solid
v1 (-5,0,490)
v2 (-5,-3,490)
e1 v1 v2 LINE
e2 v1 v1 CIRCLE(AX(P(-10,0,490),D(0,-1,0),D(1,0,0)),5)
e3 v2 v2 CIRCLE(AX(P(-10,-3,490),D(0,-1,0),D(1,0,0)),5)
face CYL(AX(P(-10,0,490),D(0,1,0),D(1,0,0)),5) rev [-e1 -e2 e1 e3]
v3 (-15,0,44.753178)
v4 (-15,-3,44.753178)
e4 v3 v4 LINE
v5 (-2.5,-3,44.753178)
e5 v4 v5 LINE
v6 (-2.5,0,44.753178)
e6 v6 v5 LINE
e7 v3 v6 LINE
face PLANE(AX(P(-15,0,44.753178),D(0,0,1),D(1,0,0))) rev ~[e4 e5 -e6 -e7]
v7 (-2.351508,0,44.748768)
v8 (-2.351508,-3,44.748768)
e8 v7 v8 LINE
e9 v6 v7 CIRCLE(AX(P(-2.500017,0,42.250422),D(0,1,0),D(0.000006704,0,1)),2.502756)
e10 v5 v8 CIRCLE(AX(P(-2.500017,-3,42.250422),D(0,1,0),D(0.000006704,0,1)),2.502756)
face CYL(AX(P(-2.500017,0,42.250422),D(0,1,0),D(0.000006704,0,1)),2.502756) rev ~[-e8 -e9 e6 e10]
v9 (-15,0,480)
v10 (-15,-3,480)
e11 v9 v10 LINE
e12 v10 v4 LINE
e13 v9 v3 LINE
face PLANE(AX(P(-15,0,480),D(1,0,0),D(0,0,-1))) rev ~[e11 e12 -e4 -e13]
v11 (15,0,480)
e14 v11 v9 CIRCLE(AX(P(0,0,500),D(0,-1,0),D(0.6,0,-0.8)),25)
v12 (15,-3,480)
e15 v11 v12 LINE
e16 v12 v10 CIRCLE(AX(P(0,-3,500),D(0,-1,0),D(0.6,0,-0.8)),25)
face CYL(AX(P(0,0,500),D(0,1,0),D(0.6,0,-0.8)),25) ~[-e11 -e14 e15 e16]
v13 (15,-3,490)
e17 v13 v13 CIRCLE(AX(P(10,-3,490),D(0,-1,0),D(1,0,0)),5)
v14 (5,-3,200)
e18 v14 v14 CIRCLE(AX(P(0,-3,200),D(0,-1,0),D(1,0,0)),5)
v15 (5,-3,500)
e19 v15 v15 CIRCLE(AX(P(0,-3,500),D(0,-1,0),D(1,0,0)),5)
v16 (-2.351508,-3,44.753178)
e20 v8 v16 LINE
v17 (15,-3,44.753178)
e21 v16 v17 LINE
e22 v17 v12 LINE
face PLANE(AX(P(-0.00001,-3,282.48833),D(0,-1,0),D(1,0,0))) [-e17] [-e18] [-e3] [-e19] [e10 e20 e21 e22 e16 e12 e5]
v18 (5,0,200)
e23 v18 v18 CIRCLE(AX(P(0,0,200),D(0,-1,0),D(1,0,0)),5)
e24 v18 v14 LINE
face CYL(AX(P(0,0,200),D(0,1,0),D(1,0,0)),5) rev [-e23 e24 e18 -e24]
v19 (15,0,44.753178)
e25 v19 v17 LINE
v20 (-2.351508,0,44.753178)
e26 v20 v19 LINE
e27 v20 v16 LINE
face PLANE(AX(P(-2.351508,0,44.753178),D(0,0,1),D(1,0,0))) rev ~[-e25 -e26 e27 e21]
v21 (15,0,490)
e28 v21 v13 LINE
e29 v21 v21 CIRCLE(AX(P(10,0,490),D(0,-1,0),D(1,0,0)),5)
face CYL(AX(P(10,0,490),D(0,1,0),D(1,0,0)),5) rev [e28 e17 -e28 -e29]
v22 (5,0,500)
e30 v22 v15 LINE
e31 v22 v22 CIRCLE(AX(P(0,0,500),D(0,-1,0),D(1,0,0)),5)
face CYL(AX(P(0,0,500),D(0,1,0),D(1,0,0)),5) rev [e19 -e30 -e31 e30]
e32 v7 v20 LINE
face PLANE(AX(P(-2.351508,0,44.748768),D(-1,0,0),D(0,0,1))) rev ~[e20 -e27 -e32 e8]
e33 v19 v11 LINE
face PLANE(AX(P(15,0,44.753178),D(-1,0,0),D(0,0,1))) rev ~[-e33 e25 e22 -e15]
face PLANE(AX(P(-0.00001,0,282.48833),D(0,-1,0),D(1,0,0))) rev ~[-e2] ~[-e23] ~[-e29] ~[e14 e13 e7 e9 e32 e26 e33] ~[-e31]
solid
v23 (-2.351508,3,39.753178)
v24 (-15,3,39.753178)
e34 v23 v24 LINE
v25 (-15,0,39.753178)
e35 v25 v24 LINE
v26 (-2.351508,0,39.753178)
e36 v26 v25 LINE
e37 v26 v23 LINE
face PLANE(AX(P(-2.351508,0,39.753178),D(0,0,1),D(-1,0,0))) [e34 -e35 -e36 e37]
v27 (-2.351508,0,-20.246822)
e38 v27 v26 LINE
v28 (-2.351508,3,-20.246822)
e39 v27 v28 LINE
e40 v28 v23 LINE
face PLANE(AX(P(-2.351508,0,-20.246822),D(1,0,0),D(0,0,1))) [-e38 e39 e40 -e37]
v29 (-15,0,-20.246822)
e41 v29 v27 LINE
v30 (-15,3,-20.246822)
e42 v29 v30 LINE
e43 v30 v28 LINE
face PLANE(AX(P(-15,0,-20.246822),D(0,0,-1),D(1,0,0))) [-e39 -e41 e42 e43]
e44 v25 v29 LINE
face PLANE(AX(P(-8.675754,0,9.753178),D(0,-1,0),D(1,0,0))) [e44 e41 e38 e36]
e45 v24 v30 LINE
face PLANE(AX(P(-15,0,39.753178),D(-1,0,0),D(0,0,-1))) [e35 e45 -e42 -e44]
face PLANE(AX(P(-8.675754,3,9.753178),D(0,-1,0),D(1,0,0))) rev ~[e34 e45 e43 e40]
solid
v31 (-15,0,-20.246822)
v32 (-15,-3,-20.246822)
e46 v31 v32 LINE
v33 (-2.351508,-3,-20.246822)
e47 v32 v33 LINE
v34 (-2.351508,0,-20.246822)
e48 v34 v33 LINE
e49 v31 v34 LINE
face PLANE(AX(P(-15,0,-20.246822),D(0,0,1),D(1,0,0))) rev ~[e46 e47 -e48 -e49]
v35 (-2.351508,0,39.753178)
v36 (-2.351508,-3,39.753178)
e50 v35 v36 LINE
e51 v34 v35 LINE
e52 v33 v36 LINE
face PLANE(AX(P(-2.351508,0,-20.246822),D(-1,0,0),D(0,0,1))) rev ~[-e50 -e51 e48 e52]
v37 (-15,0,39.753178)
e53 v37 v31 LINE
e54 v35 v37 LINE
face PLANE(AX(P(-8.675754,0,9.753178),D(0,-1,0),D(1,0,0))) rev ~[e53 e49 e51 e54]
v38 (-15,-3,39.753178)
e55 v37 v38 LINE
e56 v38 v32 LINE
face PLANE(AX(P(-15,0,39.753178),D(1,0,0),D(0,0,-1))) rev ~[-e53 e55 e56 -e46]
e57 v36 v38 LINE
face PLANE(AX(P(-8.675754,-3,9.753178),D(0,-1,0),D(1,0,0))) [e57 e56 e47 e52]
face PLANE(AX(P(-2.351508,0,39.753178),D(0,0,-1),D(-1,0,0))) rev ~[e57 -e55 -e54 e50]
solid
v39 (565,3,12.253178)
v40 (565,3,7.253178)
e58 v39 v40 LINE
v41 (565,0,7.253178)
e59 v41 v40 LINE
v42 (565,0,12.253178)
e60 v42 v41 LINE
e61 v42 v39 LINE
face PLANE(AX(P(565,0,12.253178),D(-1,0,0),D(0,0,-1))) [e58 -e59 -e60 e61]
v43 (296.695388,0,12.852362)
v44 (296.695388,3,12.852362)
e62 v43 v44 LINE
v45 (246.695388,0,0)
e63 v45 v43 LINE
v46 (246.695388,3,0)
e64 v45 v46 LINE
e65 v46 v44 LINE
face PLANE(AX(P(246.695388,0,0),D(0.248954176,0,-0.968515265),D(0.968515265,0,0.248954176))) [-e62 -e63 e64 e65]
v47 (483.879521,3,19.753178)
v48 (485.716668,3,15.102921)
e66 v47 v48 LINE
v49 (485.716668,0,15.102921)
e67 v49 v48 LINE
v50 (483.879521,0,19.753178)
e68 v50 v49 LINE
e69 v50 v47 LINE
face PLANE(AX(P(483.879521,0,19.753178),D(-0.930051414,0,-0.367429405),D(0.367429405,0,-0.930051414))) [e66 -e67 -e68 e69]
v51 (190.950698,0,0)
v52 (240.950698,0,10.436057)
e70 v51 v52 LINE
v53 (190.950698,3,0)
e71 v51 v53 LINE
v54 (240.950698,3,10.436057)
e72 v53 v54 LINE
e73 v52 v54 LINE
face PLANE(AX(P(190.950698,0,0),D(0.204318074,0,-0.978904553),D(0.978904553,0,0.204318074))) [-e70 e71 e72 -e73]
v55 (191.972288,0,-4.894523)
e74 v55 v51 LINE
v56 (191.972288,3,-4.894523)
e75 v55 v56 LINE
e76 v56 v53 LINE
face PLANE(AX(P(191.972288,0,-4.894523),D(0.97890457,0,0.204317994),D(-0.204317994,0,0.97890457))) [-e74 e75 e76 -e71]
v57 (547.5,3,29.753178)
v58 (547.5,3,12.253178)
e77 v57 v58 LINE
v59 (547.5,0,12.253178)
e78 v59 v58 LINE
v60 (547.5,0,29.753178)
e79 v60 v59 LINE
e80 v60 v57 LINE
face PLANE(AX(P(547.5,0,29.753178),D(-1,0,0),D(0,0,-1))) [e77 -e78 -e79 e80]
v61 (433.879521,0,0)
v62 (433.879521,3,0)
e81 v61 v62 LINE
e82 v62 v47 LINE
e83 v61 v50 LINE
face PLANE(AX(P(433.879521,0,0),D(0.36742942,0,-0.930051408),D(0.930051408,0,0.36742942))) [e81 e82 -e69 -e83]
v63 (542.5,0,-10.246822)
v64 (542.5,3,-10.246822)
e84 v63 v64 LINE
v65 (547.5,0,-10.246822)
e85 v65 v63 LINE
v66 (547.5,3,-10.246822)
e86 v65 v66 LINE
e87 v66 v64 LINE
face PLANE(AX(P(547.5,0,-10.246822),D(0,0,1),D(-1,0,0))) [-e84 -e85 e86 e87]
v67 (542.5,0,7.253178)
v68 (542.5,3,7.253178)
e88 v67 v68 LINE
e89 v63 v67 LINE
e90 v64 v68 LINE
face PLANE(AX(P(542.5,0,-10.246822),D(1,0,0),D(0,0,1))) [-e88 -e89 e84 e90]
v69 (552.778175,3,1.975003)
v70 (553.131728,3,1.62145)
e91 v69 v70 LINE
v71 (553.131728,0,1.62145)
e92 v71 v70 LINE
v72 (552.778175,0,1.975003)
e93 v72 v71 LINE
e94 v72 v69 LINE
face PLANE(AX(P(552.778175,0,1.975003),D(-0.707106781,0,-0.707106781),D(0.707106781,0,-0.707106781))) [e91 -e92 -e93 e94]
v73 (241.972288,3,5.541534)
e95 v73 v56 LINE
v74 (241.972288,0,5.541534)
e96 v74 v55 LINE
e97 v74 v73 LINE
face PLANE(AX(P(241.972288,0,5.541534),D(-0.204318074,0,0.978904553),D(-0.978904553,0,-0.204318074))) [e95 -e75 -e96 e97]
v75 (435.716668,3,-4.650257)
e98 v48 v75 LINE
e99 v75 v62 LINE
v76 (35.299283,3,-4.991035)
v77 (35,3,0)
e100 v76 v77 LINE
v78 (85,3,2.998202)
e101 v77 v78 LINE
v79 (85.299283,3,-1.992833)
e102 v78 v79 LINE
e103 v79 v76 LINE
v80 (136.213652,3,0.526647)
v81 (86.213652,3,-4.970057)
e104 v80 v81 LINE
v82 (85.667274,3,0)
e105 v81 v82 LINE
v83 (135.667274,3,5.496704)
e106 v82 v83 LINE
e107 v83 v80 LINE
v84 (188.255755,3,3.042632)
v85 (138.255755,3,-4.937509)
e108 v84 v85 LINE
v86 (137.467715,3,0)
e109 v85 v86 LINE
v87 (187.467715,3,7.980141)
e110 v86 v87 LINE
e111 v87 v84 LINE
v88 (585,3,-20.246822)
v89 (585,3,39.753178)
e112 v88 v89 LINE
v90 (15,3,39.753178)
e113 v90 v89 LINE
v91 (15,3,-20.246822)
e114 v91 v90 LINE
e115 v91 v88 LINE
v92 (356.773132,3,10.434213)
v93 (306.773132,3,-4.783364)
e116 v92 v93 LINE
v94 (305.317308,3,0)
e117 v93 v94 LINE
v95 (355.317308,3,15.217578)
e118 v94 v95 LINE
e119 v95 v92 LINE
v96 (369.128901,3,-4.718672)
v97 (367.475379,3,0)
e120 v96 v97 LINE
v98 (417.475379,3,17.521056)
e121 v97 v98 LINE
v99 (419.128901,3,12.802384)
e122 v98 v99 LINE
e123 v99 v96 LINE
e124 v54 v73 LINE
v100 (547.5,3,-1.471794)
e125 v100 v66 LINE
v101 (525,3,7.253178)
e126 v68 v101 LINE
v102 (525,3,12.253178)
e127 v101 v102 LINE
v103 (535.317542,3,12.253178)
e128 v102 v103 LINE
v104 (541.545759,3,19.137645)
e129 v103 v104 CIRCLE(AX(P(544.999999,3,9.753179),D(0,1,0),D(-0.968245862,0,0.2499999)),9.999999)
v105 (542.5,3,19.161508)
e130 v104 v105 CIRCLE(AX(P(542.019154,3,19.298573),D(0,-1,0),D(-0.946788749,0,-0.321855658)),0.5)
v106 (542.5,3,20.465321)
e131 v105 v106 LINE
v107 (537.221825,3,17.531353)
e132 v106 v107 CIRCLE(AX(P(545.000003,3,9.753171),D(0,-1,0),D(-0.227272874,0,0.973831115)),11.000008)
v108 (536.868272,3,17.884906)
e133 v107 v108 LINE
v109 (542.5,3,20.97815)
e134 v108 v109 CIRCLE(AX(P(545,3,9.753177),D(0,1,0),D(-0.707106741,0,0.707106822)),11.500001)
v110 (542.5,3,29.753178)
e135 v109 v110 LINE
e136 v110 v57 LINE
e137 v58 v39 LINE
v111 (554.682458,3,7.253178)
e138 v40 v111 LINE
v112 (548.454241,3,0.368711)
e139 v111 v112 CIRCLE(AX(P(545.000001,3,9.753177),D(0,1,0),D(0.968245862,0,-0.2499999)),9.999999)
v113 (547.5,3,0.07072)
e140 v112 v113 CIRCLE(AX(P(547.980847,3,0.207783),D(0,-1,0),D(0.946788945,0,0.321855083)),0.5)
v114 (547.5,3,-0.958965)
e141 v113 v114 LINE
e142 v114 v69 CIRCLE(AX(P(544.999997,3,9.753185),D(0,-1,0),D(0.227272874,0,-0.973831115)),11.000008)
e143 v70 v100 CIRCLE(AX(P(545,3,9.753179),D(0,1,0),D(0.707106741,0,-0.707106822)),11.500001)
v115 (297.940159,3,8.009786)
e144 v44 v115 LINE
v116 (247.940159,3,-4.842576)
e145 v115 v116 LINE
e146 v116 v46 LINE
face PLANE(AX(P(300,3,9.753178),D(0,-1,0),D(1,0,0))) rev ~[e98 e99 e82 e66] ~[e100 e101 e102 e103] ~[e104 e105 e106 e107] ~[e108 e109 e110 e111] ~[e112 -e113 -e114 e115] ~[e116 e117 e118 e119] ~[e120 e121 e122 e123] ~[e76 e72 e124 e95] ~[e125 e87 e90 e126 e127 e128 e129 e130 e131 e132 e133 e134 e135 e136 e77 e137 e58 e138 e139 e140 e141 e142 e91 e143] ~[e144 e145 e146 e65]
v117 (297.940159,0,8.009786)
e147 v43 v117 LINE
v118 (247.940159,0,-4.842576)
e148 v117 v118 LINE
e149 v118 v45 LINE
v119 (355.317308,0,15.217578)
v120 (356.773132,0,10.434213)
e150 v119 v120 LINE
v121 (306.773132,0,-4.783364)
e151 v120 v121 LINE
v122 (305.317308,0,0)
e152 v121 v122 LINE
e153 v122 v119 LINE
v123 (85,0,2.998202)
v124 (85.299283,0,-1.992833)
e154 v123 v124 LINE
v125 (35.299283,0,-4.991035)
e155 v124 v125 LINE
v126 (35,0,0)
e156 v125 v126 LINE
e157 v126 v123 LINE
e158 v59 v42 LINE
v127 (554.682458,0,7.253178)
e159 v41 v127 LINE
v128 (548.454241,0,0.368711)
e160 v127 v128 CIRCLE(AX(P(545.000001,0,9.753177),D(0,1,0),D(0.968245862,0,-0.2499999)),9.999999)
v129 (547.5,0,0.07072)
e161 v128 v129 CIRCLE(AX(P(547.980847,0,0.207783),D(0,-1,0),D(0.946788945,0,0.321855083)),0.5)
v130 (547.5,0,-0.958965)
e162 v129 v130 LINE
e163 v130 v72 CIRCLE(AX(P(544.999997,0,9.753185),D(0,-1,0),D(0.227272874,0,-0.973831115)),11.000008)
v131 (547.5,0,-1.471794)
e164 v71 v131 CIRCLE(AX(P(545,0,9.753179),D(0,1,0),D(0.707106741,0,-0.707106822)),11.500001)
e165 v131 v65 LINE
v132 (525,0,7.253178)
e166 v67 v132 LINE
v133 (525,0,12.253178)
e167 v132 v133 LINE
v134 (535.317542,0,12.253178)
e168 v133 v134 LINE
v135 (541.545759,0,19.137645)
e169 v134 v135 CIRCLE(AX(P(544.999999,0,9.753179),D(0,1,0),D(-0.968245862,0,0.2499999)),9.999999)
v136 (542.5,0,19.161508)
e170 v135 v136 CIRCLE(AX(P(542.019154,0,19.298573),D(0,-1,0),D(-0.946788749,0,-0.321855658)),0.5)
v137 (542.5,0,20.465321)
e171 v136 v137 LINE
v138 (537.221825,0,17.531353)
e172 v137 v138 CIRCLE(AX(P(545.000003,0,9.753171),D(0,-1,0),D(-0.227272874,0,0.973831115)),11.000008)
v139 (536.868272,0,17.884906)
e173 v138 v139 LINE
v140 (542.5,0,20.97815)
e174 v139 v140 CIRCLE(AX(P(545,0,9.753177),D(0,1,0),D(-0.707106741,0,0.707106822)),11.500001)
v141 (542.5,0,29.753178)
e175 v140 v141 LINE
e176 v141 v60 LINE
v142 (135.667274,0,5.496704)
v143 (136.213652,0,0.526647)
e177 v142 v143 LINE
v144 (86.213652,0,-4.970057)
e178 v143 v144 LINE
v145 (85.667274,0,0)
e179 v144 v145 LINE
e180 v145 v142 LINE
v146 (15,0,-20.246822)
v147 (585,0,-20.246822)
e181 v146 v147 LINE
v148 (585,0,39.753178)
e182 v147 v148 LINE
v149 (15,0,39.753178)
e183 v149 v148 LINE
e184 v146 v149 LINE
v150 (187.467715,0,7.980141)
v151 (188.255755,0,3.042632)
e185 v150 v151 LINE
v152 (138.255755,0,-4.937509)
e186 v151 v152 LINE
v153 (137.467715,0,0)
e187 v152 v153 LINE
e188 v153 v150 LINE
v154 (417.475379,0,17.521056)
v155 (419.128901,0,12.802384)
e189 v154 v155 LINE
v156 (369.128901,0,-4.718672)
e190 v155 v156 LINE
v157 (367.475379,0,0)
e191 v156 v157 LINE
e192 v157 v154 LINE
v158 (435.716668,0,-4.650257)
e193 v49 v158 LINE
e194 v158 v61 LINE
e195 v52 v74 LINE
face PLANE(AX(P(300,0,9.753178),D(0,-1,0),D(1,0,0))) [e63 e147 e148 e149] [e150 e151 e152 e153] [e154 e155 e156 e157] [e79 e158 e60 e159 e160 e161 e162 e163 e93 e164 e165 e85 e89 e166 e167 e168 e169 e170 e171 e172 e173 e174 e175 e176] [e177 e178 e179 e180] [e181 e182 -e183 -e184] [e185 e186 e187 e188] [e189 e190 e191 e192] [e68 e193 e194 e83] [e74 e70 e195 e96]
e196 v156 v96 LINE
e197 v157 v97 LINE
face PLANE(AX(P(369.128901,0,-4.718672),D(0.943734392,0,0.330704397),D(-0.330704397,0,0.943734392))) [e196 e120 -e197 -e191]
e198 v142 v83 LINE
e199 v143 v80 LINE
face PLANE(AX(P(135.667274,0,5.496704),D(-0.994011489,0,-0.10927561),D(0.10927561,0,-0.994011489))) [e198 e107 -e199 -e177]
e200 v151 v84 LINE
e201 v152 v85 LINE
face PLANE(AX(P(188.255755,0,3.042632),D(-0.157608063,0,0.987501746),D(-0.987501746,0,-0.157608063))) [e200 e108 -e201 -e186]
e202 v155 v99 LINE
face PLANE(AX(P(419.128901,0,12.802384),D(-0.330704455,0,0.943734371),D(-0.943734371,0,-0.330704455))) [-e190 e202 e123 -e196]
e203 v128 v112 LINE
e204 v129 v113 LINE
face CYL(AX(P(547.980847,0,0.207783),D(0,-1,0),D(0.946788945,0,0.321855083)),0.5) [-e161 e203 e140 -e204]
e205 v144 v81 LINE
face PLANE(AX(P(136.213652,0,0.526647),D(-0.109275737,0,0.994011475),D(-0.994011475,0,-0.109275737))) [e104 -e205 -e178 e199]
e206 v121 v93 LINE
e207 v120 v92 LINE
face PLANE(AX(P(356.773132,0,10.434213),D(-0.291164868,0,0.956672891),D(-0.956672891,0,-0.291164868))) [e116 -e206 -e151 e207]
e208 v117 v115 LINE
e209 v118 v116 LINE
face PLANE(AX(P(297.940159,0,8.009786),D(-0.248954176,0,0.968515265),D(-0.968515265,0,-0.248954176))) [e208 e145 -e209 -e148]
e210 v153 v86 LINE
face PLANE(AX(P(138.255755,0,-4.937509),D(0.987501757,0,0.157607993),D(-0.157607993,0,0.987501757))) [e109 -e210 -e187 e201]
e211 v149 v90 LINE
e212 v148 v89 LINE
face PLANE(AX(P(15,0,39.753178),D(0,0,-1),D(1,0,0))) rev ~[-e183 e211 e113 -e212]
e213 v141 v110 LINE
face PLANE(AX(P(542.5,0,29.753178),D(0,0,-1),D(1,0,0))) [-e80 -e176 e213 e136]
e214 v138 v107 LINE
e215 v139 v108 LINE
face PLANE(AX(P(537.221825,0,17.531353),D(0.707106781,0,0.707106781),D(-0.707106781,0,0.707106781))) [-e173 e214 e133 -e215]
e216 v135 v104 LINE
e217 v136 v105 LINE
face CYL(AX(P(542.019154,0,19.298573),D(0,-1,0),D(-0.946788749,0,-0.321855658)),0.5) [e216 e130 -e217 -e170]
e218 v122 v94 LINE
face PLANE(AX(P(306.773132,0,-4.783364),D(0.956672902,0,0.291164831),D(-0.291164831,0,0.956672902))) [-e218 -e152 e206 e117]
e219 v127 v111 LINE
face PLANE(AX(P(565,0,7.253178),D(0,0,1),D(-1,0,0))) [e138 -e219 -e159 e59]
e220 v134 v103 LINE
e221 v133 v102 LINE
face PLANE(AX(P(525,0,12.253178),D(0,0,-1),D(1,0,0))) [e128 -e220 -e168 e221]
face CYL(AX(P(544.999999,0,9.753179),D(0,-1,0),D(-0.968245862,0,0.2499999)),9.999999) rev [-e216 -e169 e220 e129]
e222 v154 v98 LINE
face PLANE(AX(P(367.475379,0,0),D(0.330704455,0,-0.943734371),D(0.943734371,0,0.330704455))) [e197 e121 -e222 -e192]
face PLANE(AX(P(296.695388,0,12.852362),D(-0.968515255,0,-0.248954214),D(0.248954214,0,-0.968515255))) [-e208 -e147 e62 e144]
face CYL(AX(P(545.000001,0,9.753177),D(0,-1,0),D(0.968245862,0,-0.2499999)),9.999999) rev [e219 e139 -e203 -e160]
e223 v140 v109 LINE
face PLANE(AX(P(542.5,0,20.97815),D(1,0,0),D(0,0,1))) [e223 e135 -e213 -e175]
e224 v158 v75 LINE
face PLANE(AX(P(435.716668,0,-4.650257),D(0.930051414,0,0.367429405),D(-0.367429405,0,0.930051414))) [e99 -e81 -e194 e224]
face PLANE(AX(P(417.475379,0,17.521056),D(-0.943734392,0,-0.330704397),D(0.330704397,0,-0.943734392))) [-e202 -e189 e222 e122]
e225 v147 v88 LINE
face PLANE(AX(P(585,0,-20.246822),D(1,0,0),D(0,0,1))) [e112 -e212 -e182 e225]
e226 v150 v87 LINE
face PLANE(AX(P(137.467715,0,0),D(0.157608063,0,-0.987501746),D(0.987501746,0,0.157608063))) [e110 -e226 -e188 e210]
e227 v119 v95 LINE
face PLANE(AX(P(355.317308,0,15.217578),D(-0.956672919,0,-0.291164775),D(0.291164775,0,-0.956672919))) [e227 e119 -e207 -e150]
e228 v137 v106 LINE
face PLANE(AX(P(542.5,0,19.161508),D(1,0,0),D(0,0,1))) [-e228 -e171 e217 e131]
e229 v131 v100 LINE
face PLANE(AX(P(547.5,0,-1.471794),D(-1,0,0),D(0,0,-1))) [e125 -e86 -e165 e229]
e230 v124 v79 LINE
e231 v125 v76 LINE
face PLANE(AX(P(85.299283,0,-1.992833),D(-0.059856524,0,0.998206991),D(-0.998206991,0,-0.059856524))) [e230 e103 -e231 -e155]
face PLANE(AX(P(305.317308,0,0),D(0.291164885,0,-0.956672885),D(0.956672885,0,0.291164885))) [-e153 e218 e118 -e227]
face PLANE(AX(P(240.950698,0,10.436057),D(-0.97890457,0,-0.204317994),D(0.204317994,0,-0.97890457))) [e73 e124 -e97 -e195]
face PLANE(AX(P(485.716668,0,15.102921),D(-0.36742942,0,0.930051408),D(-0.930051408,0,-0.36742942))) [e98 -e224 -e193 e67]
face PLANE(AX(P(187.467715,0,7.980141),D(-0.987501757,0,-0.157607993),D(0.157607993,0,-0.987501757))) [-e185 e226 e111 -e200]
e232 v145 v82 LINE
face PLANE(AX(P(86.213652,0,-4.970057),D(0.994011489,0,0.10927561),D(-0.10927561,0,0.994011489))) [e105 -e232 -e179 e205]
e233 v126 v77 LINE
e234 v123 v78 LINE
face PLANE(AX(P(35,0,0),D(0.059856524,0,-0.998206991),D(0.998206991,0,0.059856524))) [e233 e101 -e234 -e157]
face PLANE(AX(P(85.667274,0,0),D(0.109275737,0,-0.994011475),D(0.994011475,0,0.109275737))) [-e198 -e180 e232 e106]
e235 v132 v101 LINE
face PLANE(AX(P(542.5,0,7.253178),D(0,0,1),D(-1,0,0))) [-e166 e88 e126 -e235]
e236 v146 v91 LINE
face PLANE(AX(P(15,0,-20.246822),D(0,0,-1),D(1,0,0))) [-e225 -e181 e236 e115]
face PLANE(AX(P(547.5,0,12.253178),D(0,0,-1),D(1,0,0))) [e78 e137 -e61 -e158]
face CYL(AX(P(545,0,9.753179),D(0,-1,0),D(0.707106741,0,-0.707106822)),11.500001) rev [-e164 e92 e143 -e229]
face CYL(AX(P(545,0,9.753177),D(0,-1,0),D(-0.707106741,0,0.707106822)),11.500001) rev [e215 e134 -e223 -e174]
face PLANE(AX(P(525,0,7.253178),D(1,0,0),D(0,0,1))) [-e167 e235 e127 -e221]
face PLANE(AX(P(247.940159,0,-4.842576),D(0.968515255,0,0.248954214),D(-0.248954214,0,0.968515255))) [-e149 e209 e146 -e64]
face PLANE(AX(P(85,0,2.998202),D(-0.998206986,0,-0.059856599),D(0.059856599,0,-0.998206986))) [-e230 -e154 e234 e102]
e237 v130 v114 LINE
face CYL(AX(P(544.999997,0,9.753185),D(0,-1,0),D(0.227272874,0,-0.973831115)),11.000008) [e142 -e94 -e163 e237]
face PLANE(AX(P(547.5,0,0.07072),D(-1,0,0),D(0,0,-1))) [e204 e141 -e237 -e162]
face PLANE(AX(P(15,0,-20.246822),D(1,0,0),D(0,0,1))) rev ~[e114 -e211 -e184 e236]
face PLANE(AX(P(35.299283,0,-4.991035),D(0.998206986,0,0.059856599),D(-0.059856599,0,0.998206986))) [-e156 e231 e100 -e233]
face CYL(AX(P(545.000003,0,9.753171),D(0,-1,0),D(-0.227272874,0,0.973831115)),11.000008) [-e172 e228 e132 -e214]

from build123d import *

# Parameters (mm, degrees)
F0_R     = 5
F1_DEPTH = 3
F0_W     = 570
F0_H     = 60
F2_DEPTH = 3


with BuildPart() as f1:
    # F0 (on Front) → F1 (new body)
    with BuildSketch(Plane.XZ):
        Polygon((-15, 39.753178), (-15, -20.246822), (-2.351508, -20.246822), (-2.351508, 9.753178), (-2.351508, 39.753178), align=None)
        with BuildLine():
            Line((-15, 480), (-15, 44.753178))
            Line((-15, 44.753178), (-2.5, 44.753178))
            ThreePointArc((-2.5, 44.753178), (-2.425721, 44.752075), (-2.351508, 44.748768))
            Line((-2.351508, 44.748768), (-2.351508, 44.753178))
            Line((-2.351508, 44.753178), (2.5, 44.753178))
            Line((2.5, 44.753178), (15, 44.753178))
            Line((15, 44.753178), (15, 480))
            ThreePointArc((15, 480), (0, 525), (-15, 480))
        make_face()
        with Locations((0, 200)):
            Circle(F0_R, mode=Mode.SUBTRACT)
        with Locations((-10, 490)):
            Circle(F0_R, mode=Mode.SUBTRACT)
        with Locations((10, 490)):
            Circle(F0_R, mode=Mode.SUBTRACT)
        with Locations((0, 500)):
            Circle(F0_R, mode=Mode.SUBTRACT)
    extrude(amount=F1_DEPTH)


with BuildPart() as f2:
    # F0 (on Front) → F2 (new body)
    with BuildSketch(Plane.XZ):
        with Locations((300, 9.753178)):
            Rectangle(F0_W, F0_H)
        Polygon((35.299283, -4.991035), (35, 0), (85, 2.998202), (85.299283, -1.992833), align=None, mode=Mode.SUBTRACT)
        Polygon((86.213652, -4.970057), (85.667274, 0), (135.667274, 5.496704), (136.213652, 0.526647), align=None, mode=Mode.SUBTRACT)
        Polygon((138.255755, -4.937509), (137.467715, 0), (187.467715, 7.980141), (188.255755, 3.042632), align=None, mode=Mode.SUBTRACT)
        Polygon((191.972288, -4.894523), (190.950698, 0), (240.950698, 10.436057), (241.972288, 5.541534), align=None, mode=Mode.SUBTRACT)
        Polygon((247.940159, -4.842576), (246.695388, 0), (296.695388, 12.852362), (297.940159, 8.009786), align=None, mode=Mode.SUBTRACT)
        Polygon((306.773132, -4.783364), (305.317308, 0), (355.317308, 15.217578), (356.773132, 10.434213), align=None, mode=Mode.SUBTRACT)
        Polygon((369.128901, -4.718672), (367.475379, 0), (417.475379, 17.521056), (419.128901, 12.802384), align=None, mode=Mode.SUBTRACT)
        Polygon((435.716668, -4.650257), (433.879521, 0), (483.879521, 19.753178), (485.716668, 15.102921), align=None, mode=Mode.SUBTRACT)
        with BuildLine():
            Line((547.5, 12.253178), (565, 12.253178))
            Line((565, 12.253178), (565, 7.253178))
            Line((565, 7.253178), (554.682458, 7.253178))
            ThreePointArc((554.682458, 7.253178), (552.415672, 3.044392), (548.454241, 0.368711))
            ThreePointArc((548.454241, 0.368711), (547.831804, 0.685053), (547.5, 0.07072))
            Line((547.5, 0.07072), (547.5, -0.958965))
            ThreePointArc((547.5, -0.958965), (550.344367, 0.138723), (552.778175, 1.975003))
            Line((552.778175, 1.975003), (553.131728, 1.62145))
            ThreePointArc((553.131728, 1.62145), (550.536285, -0.326482), (547.5, -1.471794))
            Line((547.5, -1.471794), (547.5, -10.246822))
            Line((547.5, -10.246822), (542.5, -10.246822))
            Line((542.5, -10.246822), (542.5, 7.253178))
            Line((542.5, 7.253178), (525, 7.253178))
            Line((525, 7.253178), (525, 12.253178))
            Line((525, 12.253178), (535.317542, 12.253178))
            ThreePointArc((535.317542, 12.253178), (537.584328, 16.461964), (541.545759, 19.137645))
            ThreePointArc((541.545759, 19.137645), (542.031653, 18.798729), (542.5, 19.161508))
            Line((542.5, 19.161508), (542.5, 19.435636))
            Line((542.5, 19.435636), (542.5, 20.465321))
            ThreePointArc((542.5, 20.465321), (539.655633, 19.367633), (537.221825, 17.531353))
            Line((537.221825, 17.531353), (536.868272, 17.884906))
            ThreePointArc((536.868272, 17.884906), (539.463715, 19.832838), (542.5, 20.97815))
            Line((542.5, 20.97815), (542.5, 29.753178))
            Line((542.5, 29.753178), (547.5, 29.753178))
            Line((547.5, 29.753178), (547.5, 12.253178))
        make_face(mode=Mode.SUBTRACT)
        Polygon((-15, 39.753178), (-15, -20.246822), (-2.351508, -20.246822), (-2.351508, 9.753178), (-2.351508, 39.753178), align=None)
    extrude(amount=-F2_DEPTH)


solid = Compound([f1.part, f2.part])
